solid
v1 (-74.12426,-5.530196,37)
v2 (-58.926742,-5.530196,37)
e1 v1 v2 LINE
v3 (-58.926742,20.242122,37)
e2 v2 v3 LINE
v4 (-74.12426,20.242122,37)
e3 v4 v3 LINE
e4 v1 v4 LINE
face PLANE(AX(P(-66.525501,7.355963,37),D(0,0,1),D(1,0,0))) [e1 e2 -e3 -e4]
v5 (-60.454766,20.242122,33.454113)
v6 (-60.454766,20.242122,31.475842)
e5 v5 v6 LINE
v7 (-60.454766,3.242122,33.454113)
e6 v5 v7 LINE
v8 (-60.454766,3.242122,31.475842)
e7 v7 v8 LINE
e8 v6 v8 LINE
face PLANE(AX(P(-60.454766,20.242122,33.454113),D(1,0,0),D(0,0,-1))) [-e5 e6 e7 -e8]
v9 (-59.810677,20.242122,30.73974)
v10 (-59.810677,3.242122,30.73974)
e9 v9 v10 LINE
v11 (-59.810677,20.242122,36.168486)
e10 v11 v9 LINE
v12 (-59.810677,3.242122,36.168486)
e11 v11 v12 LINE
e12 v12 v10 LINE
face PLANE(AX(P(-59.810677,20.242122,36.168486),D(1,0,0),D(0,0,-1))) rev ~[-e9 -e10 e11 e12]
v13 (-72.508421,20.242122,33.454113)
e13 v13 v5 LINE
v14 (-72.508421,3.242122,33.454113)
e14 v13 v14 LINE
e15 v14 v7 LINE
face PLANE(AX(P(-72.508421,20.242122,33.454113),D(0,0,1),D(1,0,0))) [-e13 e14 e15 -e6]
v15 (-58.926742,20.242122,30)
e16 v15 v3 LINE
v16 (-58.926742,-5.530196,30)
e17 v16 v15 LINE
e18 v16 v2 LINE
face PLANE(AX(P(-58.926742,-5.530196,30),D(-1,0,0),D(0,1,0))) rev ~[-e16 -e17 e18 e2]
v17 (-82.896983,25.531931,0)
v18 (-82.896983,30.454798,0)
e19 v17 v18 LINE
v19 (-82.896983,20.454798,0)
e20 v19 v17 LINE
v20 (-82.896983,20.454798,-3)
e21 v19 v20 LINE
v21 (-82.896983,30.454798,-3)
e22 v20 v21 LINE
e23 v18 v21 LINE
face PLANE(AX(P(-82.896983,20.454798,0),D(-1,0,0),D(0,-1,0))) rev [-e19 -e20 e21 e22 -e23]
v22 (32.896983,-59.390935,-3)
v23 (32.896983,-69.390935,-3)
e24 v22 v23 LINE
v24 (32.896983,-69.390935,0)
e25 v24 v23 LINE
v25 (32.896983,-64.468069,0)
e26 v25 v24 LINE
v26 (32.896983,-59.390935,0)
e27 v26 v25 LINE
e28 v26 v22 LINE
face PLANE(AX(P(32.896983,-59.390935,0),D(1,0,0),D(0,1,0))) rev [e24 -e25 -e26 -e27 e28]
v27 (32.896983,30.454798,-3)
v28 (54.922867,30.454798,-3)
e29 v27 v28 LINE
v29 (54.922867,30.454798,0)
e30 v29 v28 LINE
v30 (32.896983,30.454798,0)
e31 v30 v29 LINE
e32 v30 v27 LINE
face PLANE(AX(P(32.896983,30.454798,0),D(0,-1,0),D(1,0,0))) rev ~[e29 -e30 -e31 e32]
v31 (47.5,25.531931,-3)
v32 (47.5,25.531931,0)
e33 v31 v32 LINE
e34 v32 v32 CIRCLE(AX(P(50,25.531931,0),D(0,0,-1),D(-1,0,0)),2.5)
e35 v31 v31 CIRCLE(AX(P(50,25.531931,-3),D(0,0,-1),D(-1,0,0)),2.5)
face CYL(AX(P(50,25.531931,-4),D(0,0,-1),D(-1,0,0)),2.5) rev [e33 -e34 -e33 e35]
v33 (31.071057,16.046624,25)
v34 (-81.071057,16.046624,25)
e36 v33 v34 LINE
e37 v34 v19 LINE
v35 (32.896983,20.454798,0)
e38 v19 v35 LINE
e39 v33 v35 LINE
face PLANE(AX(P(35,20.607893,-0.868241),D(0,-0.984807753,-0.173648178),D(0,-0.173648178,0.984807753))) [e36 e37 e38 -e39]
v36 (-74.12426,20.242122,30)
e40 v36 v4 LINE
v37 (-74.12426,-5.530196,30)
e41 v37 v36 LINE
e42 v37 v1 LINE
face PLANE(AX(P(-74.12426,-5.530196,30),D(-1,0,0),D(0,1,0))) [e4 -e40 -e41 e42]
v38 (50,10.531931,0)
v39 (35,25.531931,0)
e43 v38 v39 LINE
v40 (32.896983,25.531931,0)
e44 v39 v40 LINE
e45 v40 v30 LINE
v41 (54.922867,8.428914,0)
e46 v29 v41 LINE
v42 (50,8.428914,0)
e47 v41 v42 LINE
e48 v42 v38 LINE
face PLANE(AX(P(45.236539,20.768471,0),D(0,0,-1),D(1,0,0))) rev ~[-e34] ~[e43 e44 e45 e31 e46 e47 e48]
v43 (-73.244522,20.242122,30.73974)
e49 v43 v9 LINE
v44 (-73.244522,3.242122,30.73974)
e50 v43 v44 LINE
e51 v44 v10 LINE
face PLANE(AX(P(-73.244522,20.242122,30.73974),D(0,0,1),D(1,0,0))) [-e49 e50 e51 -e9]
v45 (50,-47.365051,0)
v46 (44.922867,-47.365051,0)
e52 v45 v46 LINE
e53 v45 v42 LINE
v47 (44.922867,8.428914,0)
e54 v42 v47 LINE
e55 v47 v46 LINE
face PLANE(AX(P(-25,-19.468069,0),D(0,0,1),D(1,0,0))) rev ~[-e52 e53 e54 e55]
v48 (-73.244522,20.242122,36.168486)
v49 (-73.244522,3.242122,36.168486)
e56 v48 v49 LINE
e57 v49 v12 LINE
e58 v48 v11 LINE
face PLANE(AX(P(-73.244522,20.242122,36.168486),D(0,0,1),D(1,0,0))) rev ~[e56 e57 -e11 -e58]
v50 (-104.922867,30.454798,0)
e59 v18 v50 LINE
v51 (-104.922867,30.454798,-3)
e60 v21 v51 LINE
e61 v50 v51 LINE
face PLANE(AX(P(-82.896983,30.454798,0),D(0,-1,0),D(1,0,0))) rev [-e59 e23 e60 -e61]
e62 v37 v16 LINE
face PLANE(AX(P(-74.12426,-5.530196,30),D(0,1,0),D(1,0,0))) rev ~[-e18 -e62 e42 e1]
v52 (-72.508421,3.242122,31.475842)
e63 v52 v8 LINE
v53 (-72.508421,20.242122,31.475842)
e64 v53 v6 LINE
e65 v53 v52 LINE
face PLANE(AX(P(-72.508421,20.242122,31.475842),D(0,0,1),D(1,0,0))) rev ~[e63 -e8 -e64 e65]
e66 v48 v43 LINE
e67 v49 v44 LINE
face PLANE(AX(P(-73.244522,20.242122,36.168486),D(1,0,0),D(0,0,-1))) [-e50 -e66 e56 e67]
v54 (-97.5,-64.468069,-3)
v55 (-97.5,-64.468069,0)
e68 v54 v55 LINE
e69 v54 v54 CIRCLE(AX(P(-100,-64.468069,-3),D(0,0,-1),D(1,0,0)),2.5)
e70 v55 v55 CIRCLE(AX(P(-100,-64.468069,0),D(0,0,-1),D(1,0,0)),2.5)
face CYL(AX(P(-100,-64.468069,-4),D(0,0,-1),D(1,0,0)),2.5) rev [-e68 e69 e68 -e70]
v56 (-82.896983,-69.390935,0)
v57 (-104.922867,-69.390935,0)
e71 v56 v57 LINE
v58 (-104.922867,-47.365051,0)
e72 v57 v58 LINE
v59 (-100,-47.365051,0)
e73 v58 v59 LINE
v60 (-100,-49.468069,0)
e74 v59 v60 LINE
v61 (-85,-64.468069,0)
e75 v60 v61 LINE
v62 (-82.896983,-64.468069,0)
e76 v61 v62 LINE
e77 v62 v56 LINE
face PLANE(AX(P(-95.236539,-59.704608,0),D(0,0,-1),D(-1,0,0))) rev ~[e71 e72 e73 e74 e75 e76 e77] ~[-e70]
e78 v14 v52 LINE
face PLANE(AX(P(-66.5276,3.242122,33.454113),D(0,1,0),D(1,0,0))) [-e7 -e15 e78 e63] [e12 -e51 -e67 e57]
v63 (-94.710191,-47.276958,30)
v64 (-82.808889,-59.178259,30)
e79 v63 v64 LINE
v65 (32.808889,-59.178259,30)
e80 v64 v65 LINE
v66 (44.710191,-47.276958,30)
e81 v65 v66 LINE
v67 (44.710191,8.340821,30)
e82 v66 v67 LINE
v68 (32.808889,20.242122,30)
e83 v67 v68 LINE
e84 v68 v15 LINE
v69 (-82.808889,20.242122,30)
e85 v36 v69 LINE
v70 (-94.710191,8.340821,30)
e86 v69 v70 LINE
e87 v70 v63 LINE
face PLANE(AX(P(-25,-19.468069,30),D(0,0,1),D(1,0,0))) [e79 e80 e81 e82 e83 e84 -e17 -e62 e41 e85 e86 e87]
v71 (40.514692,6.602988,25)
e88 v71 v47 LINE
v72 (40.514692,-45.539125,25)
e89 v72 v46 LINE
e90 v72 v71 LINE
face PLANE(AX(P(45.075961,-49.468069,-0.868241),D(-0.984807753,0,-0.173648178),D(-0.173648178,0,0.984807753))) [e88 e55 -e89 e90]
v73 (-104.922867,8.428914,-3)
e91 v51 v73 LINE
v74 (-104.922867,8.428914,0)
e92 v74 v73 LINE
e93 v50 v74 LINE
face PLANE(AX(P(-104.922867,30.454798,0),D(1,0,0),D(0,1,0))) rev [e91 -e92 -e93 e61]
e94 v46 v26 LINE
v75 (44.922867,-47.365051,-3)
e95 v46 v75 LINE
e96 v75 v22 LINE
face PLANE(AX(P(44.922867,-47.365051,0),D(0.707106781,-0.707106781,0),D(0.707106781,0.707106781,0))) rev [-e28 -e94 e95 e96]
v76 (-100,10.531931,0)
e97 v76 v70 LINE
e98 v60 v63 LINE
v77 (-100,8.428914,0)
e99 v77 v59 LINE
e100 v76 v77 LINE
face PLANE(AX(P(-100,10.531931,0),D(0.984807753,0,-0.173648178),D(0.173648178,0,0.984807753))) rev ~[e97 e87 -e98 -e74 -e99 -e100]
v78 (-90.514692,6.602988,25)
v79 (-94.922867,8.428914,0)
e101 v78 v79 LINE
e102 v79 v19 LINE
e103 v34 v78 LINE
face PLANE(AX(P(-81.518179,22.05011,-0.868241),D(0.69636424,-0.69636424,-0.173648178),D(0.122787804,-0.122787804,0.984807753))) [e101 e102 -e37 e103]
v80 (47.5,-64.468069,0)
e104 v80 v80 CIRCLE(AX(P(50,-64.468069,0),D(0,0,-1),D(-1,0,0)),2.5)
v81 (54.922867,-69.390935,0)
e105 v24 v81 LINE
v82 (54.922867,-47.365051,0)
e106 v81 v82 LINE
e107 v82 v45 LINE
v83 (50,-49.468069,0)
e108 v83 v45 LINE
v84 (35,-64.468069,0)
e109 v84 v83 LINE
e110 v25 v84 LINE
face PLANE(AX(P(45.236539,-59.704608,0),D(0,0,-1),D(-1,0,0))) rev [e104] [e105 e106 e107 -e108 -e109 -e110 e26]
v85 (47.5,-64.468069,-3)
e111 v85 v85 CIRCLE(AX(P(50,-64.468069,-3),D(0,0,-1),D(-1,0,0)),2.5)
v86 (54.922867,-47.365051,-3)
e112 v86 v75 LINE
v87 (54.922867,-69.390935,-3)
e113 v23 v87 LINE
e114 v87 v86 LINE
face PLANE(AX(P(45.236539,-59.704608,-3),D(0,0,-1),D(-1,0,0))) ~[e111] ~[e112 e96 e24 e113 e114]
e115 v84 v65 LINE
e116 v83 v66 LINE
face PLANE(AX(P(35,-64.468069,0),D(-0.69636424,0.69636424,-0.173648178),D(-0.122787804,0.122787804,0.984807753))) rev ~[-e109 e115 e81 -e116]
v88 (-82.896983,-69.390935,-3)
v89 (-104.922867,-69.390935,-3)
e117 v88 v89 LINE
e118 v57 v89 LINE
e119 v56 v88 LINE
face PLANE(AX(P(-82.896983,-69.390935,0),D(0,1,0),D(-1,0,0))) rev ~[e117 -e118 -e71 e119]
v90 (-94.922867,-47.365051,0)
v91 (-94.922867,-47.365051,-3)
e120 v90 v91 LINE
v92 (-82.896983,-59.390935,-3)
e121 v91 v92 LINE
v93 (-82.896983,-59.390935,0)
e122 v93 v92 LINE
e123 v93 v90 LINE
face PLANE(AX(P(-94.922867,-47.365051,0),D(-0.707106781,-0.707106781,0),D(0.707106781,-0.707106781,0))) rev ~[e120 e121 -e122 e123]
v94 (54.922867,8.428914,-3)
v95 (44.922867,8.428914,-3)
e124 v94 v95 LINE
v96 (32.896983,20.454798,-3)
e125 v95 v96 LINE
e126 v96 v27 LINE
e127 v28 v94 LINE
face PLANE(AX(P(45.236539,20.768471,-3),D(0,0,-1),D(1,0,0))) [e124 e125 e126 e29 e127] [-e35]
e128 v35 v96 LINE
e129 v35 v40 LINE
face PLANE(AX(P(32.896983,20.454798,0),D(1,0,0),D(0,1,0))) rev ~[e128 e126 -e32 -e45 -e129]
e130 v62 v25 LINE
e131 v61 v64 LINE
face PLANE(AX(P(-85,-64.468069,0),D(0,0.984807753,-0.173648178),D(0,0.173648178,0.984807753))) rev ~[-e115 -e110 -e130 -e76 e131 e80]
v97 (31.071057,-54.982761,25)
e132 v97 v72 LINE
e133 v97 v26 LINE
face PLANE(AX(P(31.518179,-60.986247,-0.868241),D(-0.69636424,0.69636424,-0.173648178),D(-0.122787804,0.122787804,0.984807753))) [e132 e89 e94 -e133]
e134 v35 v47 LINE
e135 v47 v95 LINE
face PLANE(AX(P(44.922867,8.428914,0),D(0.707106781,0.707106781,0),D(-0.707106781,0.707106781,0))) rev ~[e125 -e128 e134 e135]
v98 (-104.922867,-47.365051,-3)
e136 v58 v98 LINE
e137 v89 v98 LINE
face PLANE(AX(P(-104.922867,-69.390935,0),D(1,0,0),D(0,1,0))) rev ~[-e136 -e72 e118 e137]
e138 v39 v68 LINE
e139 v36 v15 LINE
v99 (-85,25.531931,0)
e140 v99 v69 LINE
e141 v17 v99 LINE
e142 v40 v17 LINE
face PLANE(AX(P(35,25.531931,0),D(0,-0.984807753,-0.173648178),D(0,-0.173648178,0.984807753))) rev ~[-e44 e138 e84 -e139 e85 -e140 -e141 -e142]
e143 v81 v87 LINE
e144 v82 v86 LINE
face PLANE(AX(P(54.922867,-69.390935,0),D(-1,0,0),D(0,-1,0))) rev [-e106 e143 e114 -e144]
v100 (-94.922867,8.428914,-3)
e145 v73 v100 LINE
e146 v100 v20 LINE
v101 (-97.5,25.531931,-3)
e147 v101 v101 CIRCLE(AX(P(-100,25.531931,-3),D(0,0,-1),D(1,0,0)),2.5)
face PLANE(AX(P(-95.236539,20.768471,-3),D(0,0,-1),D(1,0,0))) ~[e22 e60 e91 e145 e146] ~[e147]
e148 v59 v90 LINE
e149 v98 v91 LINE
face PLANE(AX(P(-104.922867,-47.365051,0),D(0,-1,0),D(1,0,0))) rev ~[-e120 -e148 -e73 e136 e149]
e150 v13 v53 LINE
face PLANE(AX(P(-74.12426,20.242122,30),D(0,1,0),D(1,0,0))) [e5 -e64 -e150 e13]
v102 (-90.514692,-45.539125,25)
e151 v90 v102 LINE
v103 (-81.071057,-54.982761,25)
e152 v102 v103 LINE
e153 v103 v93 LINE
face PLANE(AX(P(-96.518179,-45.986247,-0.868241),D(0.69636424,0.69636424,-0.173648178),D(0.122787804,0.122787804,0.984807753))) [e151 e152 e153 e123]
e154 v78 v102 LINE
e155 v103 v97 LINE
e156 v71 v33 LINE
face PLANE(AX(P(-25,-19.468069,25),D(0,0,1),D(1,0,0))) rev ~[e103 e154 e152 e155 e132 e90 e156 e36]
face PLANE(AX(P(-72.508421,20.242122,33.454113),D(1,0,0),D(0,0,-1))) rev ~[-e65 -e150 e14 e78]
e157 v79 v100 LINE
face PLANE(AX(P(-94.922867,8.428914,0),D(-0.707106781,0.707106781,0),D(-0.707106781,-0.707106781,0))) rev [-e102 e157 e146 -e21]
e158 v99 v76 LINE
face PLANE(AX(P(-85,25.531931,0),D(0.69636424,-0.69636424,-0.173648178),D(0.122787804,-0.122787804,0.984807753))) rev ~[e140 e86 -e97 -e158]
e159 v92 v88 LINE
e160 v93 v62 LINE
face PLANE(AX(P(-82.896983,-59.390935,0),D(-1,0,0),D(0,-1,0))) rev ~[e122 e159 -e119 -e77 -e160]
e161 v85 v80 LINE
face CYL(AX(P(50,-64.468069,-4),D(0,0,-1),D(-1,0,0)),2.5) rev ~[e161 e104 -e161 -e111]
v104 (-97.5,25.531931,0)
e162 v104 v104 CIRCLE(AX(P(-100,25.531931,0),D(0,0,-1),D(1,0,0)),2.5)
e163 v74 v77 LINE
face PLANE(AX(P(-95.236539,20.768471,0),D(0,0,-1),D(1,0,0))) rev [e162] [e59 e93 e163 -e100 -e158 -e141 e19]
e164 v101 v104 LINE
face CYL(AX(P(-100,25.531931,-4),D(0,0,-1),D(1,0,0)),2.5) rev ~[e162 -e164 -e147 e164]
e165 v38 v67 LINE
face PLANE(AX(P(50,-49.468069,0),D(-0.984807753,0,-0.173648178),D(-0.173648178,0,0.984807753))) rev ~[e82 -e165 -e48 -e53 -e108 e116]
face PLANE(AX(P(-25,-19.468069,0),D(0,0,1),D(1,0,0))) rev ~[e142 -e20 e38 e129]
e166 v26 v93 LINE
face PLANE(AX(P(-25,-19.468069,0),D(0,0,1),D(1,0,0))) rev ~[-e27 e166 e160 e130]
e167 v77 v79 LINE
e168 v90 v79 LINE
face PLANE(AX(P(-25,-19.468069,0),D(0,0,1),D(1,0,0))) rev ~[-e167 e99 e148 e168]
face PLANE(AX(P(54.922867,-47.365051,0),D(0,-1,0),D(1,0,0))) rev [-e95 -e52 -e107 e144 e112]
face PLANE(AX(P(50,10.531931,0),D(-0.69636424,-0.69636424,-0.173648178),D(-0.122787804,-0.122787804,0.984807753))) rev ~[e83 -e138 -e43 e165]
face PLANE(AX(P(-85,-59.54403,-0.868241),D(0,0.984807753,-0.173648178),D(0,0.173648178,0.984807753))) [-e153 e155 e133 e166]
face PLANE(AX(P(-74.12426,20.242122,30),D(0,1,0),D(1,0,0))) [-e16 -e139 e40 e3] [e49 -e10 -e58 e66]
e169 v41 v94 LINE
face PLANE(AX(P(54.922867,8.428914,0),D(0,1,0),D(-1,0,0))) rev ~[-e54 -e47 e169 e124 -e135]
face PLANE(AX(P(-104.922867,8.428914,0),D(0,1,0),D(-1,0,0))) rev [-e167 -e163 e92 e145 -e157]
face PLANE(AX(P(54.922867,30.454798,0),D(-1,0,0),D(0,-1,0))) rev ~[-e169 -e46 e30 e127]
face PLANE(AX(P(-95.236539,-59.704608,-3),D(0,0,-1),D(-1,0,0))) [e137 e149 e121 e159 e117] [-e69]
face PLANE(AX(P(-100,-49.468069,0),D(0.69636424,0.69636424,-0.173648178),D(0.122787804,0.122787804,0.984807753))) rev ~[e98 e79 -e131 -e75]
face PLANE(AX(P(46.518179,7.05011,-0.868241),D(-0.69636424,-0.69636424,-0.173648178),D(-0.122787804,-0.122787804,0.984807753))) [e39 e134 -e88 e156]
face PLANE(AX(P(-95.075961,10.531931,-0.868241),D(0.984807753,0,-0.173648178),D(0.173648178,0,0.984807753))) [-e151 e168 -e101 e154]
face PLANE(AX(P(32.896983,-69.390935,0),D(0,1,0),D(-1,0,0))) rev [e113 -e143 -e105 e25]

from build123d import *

# Parameters (mm, degrees)
BOSS_EXTRUDE1_DEPTH      = 30
BOSS_EXTRUDE1_TAPER      = 10
SHELL1_T                 = -5
SKETCH6_W                = 15.197518051
SKETCH6_H                = 25.772318446
BOSS_EXTRUDE4_DEPTH      = 7
SKETCH7_W                = 13.433844537
SKETCH7_H                = 5.428745395
SKETCH7_W_2              = 12.053655029
SKETCH7_H_2              = 1.978271627
CUT_EXTRUDE2_DEPTH       = 17
BOSS_EXTRUDE6_DEPTH      = 3
MIRROR9_COPY_1_DEPTH     = 3
CUT_EXTRUDE4_START       = -4
SKETCH12_R               = 2.5
CUT_EXTRUDE4_DEPTH       = 42
MIRROR11_START           = -4
MIRROR11_COPY_1_SKETCH_R = 2.5
MIRROR11_COPY_1_DEPTH    = 42


with BuildPart() as part:
    # Sketch1 → Boss-Extrude1 (new body)
    with BuildSketch(Plane.XY):
        Polygon((-100, 10.531931481), (-100, -49.468068519), (-85, -64.468068519), (35, -64.468068519), (50, -49.468068519), (50, 10.531931481), (35, 25.531931481), (-85, 25.531931481), align=None)
    extrude(amount=BOSS_EXTRUDE1_DEPTH, taper=BOSS_EXTRUDE1_TAPER)

    # Shell1
    shell1_openings = [part.faces().sort_by_distance(p)[0] for p in [
        (-25, -19.468068519, 0),
    ]]
    offset(amount=SHELL1_T, openings=shell1_openings, kind=Kind.INTERSECTION)

    # Sketch6 → Boss-Extrude4 (add)
    with BuildSketch(Plane.XY.offset(30)):
        with Locations((-66.525501272, 7.355962837)):
            Rectangle(SKETCH6_W, SKETCH6_H)
    extrude(amount=BOSS_EXTRUDE4_DEPTH)

    # Sketch7 → Cut-Extrude2 (cut)
    with BuildSketch(Plane(origin=(0, 20.24212206, 0), x_dir=(1, 0, 0), z_dir=(0, 1, 0))):
        with Locations((-66.527599538, -33.454113167)):
            Rectangle(SKETCH7_W, SKETCH7_H)
        with Locations((-66.481593222, -32.464977353)):
            Rectangle(SKETCH7_W_2, SKETCH7_H_2, mode=Mode.SUBTRACT)
    extrude(amount=-CUT_EXTRUDE2_DEPTH, mode=Mode.SUBTRACT)

    # Sketch11 → Boss-Extrude6 (add)
    with BuildSketch(Plane(origin=(0, 0, 0), x_dir=(-1, 0, 0), z_dir=(0, 0, -1))):
        Polygon((94.922866941, -47.365051148), (82.896982629, -59.390935459), (82.896982629, -69.390935459), (104.922866941, -69.390935459), (104.922866941, -47.365051148), align=None)
    boss_extrude6 = extrude(amount=BOSS_EXTRUDE6_DEPTH)

    # Mirror8: Boss-Extrude6 across plane
    add(boss_extrude6.mirror(Plane(origin=(-25, 0, 0), x_dir=(0, 0, 1), z_dir=(1, 0, 0))))

    # Mirror9: Boss-Extrude6 across plane
    add(boss_extrude6.mirror(Plane.ZX.offset(-19.468068519)))

    # Mirror9 copy 1 sketch → Mirror9 copy 1 (add)
    with BuildSketch(Plane(origin=(-50, -38.936137038, 0), x_dir=(1, 0, 0), z_dir=(0, 0, -1))):
        Polygon((94.922866941, -47.365051148), (82.896982629, -59.390935459), (82.896982629, -69.390935459), (104.922866941, -69.390935459), (104.922866941, -47.365051148), align=None)
    extrude(amount=MIRROR9_COPY_1_DEPTH)

    # Sketch12 → Cut-Extrude4 (cut)
    with BuildSketch(Plane.XY.offset(CUT_EXTRUDE4_START)):
        with Locations((-100, -64.468068519)):
            Circle(SKETCH12_R)
    cut_extrude4 = extrude(amount=CUT_EXTRUDE4_DEPTH, mode=Mode.SUBTRACT)

    # Mirror10: Cut-Extrude4 across plane
    add(cut_extrude4.mirror(Plane(origin=(-25, 0, 0), x_dir=(0, 0, 1), z_dir=(1, 0, 0))), mode=Mode.SUBTRACT)

    # Mirror11: Cut-Extrude4 across plane
    add(cut_extrude4.mirror(Plane.ZX.offset(-19.468068519)), mode=Mode.SUBTRACT)

    # Mirror11 copy 1 sketch → Mirror11 copy 1 (cut)
    with BuildSketch(Plane(origin=(-50, -38.936137038, 0), x_dir=(-1, 0, 0), z_dir=(0, 0, 1)).offset(MIRROR11_START)):
        with Locations((-100, -64.468068519)):
            Circle(MIRROR11_COPY_1_SKETCH_R)
    extrude(amount=MIRROR11_COPY_1_DEPTH, mode=Mode.SUBTRACT)


solid = part.part
